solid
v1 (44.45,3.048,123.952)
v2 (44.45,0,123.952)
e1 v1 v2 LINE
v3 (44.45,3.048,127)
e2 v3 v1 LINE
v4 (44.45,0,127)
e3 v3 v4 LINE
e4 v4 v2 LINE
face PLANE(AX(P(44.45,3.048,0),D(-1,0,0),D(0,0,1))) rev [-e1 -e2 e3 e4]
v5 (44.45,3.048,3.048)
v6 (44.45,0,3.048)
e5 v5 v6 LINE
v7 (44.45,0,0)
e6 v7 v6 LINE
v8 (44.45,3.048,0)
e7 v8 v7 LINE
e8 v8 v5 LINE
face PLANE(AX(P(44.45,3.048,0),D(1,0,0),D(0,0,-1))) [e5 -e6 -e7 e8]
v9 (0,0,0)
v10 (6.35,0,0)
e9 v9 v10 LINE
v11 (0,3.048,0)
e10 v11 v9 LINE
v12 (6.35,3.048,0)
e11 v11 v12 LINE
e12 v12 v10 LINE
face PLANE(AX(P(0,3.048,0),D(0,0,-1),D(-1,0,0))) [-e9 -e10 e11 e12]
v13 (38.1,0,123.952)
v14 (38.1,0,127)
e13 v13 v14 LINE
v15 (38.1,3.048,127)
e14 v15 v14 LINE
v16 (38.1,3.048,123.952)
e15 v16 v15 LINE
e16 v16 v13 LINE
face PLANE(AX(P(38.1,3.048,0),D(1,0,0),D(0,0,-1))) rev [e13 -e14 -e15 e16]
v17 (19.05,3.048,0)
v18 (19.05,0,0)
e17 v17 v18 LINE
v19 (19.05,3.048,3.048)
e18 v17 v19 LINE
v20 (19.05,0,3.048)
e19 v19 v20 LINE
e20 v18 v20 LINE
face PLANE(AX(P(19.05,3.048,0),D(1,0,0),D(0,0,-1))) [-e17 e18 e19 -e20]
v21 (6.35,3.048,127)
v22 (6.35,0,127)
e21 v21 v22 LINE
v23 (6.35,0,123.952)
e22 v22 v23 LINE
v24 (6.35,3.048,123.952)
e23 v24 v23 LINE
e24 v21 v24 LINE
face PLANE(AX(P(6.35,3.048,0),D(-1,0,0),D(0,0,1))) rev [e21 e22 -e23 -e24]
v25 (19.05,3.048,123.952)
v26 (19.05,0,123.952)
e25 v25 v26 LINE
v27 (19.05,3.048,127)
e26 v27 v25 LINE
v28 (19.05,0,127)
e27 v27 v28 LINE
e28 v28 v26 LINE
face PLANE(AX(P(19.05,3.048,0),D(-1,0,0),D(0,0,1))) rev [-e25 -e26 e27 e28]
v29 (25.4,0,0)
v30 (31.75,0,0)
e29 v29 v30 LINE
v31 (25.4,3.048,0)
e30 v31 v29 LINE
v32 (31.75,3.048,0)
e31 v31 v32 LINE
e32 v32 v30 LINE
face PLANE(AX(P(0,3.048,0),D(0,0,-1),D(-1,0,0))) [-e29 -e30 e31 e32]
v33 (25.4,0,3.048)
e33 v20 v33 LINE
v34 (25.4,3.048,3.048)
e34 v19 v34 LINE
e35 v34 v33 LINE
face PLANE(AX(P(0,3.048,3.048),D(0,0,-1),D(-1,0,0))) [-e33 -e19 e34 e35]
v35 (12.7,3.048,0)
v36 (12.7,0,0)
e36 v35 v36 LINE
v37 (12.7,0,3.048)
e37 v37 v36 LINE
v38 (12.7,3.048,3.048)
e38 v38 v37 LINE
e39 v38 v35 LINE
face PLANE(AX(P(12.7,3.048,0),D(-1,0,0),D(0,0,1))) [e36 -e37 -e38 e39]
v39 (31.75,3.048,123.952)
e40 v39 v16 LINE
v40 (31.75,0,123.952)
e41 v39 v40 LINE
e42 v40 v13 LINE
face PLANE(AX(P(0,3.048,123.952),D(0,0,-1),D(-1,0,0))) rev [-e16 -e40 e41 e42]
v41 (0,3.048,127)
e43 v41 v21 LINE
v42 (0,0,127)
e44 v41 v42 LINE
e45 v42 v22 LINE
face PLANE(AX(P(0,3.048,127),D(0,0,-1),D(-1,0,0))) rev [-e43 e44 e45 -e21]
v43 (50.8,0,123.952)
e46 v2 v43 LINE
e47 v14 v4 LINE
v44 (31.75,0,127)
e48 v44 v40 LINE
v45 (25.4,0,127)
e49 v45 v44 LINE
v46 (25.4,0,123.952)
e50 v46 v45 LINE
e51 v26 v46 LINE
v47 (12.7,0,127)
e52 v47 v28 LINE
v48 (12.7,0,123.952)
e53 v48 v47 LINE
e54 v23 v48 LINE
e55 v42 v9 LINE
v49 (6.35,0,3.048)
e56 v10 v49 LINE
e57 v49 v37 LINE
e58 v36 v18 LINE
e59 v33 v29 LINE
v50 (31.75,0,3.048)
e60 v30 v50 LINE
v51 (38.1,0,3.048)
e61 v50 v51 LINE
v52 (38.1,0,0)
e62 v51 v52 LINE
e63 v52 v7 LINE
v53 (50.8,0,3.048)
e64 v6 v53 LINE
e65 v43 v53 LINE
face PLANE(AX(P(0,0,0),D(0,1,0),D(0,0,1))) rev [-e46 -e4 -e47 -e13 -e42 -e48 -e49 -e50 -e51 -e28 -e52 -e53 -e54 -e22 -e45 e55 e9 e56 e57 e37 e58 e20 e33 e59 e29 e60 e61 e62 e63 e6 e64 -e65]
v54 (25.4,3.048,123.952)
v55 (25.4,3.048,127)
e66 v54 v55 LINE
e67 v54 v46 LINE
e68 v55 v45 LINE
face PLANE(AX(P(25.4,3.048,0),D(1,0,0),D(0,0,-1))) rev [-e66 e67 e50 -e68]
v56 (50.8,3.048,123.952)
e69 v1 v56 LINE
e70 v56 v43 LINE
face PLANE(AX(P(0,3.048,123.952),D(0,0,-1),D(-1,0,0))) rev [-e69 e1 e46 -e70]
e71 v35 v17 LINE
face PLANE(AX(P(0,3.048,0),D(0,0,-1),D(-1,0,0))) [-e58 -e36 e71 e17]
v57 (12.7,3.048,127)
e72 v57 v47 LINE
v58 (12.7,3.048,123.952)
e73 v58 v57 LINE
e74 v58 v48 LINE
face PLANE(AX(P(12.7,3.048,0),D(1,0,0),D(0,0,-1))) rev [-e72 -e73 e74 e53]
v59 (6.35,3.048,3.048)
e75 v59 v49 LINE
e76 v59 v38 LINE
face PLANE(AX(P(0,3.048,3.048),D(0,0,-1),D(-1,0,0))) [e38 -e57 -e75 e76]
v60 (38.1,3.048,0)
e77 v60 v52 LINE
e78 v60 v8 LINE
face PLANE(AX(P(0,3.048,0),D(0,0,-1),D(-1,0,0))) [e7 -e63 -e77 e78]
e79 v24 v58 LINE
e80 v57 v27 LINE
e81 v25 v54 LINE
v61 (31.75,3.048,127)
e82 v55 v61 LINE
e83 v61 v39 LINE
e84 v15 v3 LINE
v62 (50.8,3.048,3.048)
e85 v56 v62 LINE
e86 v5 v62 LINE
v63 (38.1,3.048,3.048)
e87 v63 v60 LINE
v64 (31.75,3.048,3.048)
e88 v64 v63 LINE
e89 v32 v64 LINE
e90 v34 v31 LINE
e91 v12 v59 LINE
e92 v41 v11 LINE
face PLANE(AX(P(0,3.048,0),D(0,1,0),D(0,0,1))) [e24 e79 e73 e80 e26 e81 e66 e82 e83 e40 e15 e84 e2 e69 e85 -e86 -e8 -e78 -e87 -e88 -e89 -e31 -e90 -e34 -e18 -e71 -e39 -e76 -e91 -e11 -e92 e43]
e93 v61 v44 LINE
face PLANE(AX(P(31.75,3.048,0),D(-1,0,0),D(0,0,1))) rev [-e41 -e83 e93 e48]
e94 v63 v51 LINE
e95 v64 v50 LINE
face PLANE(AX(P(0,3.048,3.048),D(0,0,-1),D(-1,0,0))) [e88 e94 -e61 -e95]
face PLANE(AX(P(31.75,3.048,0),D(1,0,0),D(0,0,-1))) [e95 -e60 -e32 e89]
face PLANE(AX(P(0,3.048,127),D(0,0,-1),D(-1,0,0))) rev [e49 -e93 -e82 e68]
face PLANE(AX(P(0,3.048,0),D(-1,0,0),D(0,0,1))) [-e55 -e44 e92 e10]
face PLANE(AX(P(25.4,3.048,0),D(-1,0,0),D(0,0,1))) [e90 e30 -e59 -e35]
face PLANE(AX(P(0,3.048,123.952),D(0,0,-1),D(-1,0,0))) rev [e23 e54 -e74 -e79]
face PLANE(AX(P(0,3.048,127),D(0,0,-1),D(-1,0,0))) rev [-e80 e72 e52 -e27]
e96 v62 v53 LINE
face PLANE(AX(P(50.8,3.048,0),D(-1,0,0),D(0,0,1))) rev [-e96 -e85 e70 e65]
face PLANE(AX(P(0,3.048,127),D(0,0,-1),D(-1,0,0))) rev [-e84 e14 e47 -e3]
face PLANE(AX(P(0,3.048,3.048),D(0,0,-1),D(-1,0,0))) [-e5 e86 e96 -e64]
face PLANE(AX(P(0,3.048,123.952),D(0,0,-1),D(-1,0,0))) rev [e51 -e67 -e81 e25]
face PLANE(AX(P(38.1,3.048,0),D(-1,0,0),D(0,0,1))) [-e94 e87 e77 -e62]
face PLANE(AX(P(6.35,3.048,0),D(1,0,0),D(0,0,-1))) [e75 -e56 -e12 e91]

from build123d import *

# Parameters (mm, degrees)
BOSS_EXTRUDE1_DEPTH = 3.048


with BuildPart() as part:
    # Sketch1 → Boss-Extrude1 (new body)
    with BuildSketch(Plane(origin=(0, 0, 0), x_dir=(1, 0, 0), z_dir=(0, 1, 0))):
        Polygon((6.35, 0), (0, 0), (0, -63.5), (50.8, -63.5), (50.8, -3.048), (44.45, -3.048), (44.45, 0), (38.1, 0), (38.1, -3.048), (31.75, -3.048), (31.75, 0), (25.4, 0), (25.4, -3.048), (19.05, -3.048), (19.05, 0), (12.7, 0), (12.7, -3.048), (6.35, -3.048), align=None)
        Polygon((50.8, -63.5), (0, -63.5), (0, -127), (6.35, -127), (6.35, -123.952), (12.7, -123.952), (12.7, -127), (19.05, -127), (19.05, -123.952), (25.4, -123.952), (25.4, -127), (31.75, -127), (31.75, -123.952), (38.1, -123.952), (38.1, -127), (44.45, -127), (44.45, -123.952), (50.8, -123.952), align=None)
    extrude(amount=BOSS_EXTRUDE1_DEPTH)


solid = part.part
